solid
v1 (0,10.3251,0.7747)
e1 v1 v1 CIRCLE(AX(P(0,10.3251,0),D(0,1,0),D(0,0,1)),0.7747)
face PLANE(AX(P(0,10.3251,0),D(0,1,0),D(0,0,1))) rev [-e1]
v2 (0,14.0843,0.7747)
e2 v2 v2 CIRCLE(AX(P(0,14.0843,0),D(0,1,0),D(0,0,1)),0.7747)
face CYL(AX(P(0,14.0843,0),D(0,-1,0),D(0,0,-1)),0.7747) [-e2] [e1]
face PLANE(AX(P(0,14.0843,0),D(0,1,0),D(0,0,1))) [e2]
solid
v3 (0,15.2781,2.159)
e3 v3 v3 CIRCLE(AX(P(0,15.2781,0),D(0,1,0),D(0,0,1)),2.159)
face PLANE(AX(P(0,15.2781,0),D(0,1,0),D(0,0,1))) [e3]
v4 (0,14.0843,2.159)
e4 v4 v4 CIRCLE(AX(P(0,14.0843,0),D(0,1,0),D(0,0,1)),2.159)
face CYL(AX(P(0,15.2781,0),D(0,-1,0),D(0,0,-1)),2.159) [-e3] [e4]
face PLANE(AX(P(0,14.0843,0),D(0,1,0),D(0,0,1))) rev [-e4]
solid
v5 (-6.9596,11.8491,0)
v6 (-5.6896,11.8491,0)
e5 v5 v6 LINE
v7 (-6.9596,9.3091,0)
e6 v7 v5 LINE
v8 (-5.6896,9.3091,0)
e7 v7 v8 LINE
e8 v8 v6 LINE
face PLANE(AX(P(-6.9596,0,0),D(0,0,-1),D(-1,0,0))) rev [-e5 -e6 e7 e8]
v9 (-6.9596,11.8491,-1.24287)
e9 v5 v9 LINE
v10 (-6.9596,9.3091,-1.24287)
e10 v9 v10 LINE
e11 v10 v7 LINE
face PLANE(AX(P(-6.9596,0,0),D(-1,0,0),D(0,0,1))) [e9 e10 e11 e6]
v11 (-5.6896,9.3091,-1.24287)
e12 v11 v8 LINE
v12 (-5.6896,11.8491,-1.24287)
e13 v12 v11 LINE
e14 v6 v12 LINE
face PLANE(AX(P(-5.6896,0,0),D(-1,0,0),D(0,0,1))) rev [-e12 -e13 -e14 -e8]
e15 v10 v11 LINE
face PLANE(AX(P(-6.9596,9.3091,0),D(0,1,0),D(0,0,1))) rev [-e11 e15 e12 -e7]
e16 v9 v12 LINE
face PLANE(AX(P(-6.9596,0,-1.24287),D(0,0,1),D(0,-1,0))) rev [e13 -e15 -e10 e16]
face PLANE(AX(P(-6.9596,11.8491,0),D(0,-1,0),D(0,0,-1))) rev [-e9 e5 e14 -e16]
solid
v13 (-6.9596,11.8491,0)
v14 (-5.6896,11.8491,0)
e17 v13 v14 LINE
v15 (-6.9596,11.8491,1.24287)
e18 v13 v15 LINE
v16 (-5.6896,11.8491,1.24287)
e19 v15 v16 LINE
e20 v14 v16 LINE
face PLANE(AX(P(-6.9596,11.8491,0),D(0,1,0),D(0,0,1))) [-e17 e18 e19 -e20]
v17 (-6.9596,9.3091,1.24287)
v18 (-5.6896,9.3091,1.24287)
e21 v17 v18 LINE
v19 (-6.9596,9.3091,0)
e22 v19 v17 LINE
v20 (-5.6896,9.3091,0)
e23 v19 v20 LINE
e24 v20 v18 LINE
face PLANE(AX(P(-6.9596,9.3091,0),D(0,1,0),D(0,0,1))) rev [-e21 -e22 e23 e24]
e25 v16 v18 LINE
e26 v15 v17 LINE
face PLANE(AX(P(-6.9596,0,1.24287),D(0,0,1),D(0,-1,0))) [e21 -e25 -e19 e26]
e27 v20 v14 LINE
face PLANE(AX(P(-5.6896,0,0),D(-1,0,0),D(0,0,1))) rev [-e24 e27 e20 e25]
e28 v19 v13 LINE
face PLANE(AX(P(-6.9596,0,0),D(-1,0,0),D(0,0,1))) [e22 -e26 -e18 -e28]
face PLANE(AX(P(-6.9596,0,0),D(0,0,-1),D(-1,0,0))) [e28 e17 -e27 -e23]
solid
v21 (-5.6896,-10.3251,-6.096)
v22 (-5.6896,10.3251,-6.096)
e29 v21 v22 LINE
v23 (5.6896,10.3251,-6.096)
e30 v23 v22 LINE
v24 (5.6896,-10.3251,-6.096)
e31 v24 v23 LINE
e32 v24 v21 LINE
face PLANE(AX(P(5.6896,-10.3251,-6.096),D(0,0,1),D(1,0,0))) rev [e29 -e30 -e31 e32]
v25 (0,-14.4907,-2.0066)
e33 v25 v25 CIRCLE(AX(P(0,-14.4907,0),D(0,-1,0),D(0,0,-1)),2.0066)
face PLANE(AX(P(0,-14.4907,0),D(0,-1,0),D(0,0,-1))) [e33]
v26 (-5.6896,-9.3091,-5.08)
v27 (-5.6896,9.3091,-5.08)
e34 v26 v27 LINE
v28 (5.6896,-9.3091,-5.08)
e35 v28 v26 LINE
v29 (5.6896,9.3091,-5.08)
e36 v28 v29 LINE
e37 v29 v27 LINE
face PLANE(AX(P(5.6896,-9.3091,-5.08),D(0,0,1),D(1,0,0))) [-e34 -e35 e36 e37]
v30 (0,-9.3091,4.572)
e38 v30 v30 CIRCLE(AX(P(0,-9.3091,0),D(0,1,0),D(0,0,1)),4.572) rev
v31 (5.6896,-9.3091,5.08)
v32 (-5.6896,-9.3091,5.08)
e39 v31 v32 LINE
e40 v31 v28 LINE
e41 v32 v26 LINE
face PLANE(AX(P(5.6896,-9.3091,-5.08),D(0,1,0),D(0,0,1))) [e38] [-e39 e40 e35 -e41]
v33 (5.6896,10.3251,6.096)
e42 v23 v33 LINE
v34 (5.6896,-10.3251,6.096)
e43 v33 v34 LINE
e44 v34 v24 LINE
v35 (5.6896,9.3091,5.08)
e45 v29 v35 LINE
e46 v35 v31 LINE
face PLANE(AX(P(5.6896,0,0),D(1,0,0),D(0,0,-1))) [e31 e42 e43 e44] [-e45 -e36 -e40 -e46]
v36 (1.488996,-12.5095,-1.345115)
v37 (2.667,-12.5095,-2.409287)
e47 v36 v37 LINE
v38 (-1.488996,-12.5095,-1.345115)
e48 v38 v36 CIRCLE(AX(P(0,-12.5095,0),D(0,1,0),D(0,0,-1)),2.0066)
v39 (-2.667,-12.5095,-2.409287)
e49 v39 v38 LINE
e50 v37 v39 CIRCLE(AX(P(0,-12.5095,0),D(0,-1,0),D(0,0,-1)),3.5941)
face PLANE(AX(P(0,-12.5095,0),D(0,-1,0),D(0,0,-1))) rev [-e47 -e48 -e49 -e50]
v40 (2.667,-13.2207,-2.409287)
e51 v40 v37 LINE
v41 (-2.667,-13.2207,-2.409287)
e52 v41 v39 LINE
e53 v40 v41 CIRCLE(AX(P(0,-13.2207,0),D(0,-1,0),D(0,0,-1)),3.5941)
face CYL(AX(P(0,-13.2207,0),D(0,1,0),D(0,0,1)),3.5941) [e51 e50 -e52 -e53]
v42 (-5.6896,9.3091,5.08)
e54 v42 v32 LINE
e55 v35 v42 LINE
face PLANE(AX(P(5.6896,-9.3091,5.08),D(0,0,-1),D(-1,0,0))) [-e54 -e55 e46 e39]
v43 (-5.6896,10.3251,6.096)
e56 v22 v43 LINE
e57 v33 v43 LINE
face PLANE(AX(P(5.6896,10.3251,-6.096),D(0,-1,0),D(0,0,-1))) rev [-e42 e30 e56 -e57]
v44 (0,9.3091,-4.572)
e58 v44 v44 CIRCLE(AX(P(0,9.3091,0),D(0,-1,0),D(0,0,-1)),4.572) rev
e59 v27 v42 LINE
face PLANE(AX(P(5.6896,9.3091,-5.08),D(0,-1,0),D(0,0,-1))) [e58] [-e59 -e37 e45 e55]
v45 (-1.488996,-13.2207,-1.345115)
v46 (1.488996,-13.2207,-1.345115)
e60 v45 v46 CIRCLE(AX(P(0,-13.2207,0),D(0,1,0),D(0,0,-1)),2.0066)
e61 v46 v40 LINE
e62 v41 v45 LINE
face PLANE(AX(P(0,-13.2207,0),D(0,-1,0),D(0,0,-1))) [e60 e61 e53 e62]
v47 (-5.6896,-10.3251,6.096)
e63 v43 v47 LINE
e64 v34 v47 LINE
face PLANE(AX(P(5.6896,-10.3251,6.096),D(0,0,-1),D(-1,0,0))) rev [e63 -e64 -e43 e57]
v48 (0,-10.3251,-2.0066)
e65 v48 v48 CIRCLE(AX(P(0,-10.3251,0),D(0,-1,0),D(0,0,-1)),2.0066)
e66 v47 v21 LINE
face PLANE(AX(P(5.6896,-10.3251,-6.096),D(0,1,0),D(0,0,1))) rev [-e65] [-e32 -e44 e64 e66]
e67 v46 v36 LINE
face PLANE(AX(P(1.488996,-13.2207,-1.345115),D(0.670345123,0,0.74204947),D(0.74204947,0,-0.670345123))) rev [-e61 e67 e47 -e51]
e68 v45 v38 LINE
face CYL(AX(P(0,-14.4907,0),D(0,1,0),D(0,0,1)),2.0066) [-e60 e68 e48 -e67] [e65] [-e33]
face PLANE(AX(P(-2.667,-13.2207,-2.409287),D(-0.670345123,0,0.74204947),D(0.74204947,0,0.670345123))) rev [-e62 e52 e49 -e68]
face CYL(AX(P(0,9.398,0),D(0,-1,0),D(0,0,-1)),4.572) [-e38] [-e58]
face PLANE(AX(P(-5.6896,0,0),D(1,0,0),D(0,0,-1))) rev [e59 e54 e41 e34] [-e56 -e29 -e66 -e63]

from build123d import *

# Parameters (mm, degrees)
SKETCH3_W            = 12.192
SKETCH3_H            = 20.6502
SKETCH3_W_2          = 10.16
SKETCH3_H_2          = 18.6182
BOSS_EXTRUDE3_DEPTH  = 5.6896
SKETCH2_R            = 4.572
BOSS_EXTRUDE2_DEPTH  = 9.398
SKETCH4_R            = 0.7747
BOSS_EXTRUDE4_DEPTH  = 3.7592
SKETCH5_R            = 2.0066
BOSS_EXTRUDE5_DEPTH  = 4.1656
BOSS_EXTRUDE11_DEPTH = 0.7112
SKETCH7_W            = 1.242870129
SKETCH7_H            = 2.54
BOSS_EXTRUDE12_DEPTH = 1.27
SKETCH7_3_W          = 1.242870129
SKETCH7_3_H          = 2.54
BOSS_EXTRUDE13_DEPTH = 1.27
SKETCH8_R            = 2.159
BOSS_EXTRUDE14_DEPTH = 1.1938


with BuildPart() as part:
    # Sketch3 → Boss-Extrude3 (new, symmetric)
    with BuildSketch(Plane(origin=(0, 0, 0), x_dir=(0, 0, -1), z_dir=(1, 0, 0))):
        Rectangle(SKETCH3_W, SKETCH3_H)
        Rectangle(SKETCH3_W_2, SKETCH3_H_2, mode=Mode.SUBTRACT)
    extrude(amount=BOSS_EXTRUDE3_DEPTH, both=True)

    # Sketch2 → Boss-Extrude2 (add, symmetric)
    with BuildSketch(Plane(origin=(0, 0, 0), x_dir=(1, 0, 0), z_dir=(0, 1, 0))):
        Circle(SKETCH2_R)
    extrude(amount=BOSS_EXTRUDE2_DEPTH, both=True)

    # Sketch5 → Boss-Extrude5 (add)
    with BuildSketch(Plane.XZ.offset(10.3251)):
        Circle(SKETCH5_R)
    extrude(amount=BOSS_EXTRUDE5_DEPTH)

    # Sketch6 → Boss-Extrude11 (add)
    with BuildSketch(Plane.XZ.offset(12.5095)):
        with BuildLine():
            Line((-2.667, -2.409287407), (-1.488996466, -1.345114524))
            ThreePointArc((-1.488996466, -1.345114524), (0, 2.0066), (1.488996466, -1.345114524))
            Line((1.488996466, -1.345114524), (2.667, -2.409287407))
            ThreePointArc((2.667, -2.409287407), (0, 3.5941), (-2.667, -2.409287407))
        make_face()
    extrude(amount=BOSS_EXTRUDE11_DEPTH)


with BuildPart() as body_2:
    # Sketch4 → Boss-Extrude4 (new body)
    with BuildSketch(Plane(origin=(0, 10.3251, 0), x_dir=(1, 0, 0), z_dir=(0, 1, 0))):
        Circle(SKETCH4_R)
    extrude(amount=BOSS_EXTRUDE4_DEPTH)


with BuildPart() as body_3:
    # Sketch7 → Boss-Extrude12 (new body)
    with BuildSketch(Plane.ZY.offset(5.6896)):
        with Locations((-0.621435065, 10.5791)):
            Rectangle(SKETCH7_W, SKETCH7_H)
    extrude(amount=BOSS_EXTRUDE12_DEPTH)


with BuildPart() as body_4:
    # Sketch7<3> → Boss-Extrude13 (new body)
    with BuildSketch(Plane.ZY.offset(5.6896)):
        with Locations((0.621435065, 10.5791)):
            Rectangle(SKETCH7_3_W, SKETCH7_3_H)
    extrude(amount=BOSS_EXTRUDE13_DEPTH)


with BuildPart() as body_5:
    # Sketch8 → Boss-Extrude14 (new body)
    with BuildSketch(Plane(origin=(0, 14.0843, 0), x_dir=(1, 0, 0), z_dir=(0, 1, 0))):
        Circle(SKETCH8_R)
    extrude(amount=BOSS_EXTRUDE14_DEPTH)


solid = Compound([part.part, body_2.part, body_3.part, body_4.part, body_5.part])
